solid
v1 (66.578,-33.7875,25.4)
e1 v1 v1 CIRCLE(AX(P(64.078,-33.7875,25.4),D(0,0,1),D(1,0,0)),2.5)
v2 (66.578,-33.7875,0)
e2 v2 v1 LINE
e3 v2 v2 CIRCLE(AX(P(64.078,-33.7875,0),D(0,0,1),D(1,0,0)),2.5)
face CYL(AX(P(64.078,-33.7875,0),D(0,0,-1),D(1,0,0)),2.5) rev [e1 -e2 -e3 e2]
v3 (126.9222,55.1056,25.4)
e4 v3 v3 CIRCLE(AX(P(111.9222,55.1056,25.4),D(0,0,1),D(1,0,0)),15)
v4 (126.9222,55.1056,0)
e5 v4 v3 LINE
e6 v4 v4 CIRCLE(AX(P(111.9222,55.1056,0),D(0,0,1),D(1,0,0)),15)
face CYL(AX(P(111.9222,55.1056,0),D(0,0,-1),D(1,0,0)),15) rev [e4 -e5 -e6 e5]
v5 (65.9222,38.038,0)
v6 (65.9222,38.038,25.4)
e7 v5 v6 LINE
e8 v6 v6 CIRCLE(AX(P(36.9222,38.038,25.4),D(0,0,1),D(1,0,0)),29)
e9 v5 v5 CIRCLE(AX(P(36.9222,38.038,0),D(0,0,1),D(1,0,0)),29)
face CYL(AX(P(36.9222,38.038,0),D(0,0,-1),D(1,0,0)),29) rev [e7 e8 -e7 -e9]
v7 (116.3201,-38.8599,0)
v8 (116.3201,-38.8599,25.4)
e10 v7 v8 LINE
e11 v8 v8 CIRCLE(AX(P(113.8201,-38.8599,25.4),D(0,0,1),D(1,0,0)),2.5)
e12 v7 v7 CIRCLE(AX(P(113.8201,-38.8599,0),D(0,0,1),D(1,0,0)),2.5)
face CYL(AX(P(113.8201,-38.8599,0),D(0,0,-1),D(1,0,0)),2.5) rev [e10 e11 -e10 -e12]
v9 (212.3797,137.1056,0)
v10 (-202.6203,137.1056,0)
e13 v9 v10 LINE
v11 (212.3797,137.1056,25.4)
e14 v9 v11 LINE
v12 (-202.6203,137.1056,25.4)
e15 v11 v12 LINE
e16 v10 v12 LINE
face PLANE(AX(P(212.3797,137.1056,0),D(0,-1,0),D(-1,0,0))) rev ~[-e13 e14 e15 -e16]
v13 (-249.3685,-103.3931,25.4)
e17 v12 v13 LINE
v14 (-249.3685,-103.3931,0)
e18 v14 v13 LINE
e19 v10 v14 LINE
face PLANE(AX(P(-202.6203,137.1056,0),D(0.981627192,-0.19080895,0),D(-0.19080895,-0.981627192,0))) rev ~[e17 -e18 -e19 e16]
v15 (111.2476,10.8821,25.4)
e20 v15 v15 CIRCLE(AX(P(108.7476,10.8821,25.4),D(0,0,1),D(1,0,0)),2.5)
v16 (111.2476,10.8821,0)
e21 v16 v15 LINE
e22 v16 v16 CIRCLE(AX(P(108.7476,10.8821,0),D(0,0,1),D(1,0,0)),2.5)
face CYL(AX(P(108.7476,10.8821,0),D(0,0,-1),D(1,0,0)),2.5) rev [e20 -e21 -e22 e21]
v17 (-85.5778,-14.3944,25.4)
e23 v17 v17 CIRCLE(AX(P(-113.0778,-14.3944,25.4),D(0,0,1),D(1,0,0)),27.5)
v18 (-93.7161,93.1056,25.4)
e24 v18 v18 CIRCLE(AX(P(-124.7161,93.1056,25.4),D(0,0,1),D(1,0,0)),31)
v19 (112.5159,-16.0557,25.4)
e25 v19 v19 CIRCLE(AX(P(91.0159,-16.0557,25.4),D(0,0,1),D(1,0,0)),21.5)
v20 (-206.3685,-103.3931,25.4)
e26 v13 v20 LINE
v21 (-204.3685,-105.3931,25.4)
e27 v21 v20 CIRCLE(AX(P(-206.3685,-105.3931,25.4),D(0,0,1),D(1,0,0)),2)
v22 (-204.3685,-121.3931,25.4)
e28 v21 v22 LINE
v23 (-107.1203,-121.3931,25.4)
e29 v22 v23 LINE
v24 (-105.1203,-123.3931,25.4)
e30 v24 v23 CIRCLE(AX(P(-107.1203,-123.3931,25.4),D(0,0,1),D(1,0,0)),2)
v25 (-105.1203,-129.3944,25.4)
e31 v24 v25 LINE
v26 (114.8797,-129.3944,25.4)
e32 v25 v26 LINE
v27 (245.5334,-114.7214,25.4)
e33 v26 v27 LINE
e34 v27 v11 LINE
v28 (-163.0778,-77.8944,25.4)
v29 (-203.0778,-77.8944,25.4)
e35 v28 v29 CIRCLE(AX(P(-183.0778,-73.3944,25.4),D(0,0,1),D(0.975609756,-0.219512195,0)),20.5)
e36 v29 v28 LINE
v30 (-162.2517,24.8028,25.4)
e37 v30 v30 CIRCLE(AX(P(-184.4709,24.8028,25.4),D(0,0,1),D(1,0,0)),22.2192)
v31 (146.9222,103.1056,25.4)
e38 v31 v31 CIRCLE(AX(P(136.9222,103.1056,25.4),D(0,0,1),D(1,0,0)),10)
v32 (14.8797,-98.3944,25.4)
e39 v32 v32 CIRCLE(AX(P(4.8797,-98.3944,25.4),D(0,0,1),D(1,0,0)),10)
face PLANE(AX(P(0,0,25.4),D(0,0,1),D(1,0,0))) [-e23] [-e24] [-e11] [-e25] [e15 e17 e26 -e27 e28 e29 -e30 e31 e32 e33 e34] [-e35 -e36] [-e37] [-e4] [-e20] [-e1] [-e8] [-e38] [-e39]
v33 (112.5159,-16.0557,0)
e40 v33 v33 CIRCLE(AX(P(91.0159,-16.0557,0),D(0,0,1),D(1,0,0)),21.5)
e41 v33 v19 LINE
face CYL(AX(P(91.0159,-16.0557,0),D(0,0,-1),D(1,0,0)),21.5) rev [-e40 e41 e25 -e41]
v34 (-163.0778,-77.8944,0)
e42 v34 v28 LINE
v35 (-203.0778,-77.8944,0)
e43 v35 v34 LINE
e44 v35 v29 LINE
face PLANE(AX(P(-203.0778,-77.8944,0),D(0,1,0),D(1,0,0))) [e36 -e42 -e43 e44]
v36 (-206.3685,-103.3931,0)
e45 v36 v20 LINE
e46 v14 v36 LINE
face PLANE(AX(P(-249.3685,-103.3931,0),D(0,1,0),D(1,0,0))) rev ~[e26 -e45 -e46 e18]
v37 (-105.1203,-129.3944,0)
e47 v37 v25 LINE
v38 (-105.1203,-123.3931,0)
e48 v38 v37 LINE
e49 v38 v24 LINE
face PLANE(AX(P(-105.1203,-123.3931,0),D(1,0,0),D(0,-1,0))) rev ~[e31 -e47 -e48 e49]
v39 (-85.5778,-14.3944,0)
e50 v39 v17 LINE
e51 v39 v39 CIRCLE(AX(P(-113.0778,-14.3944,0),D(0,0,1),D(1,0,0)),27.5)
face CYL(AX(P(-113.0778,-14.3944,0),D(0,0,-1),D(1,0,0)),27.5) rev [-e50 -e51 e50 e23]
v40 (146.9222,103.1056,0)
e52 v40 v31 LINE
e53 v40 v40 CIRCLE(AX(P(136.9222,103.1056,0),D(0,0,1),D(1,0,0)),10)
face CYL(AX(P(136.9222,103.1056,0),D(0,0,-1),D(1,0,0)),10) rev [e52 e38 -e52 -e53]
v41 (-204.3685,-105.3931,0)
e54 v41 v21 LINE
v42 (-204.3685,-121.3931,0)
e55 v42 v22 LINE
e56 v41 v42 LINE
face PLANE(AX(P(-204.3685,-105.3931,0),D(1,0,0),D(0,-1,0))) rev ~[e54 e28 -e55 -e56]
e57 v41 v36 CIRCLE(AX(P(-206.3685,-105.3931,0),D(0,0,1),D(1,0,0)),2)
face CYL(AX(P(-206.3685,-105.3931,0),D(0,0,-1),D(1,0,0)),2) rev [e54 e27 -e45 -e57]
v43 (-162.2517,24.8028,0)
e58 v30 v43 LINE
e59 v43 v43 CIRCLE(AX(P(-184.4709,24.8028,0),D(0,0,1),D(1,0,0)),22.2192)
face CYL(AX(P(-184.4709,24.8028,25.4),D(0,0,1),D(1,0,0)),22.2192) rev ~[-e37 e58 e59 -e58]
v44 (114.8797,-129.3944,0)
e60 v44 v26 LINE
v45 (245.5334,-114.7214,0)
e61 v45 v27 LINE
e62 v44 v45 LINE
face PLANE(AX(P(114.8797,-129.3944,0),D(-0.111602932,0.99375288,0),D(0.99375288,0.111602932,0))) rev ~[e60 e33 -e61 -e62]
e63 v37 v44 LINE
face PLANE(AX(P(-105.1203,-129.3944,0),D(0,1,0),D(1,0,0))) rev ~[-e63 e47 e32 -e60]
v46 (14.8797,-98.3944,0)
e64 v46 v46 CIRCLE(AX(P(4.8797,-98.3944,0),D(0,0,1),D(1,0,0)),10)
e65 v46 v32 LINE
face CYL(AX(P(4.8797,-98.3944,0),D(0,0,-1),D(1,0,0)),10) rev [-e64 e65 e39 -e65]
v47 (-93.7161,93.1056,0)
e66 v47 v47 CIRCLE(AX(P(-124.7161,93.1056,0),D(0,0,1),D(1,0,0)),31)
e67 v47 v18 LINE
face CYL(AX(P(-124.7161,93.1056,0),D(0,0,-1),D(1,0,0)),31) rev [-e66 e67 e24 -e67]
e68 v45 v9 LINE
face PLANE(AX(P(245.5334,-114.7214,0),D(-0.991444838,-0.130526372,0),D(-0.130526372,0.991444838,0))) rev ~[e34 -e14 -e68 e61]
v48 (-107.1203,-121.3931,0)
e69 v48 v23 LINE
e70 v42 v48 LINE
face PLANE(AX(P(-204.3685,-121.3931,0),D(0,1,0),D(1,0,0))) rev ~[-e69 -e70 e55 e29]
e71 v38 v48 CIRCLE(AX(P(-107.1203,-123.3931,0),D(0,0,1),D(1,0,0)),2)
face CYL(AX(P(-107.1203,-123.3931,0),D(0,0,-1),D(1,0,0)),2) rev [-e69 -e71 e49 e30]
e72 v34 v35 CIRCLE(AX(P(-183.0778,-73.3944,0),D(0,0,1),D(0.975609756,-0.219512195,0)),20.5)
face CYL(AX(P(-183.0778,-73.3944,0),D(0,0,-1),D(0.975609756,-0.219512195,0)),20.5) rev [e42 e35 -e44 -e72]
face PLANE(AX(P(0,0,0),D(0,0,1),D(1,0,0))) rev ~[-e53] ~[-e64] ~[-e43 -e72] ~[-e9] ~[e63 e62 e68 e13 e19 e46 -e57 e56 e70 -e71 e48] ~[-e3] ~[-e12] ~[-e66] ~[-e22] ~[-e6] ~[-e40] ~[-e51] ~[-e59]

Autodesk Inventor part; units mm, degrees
ref_plane "YZ Plane" through (0, 0, 0) normal (1, 0, 0) x (0, 1, 0)
ref_plane "XZ Plane" through (0, 0, 0) normal (0, 1, 0) x (-1, 0, 0)
ref_plane "XY Plane" through (0, 0, 0) normal (0, 0, 1) x (1, 0, 0)
ref_plane "Work Plane1" through (0, 0, 0) normal (0, 0, 1) x (1, 0, 0)
sketch "Sketch1" plane through (0, 0, 0) normal (0, 0, 1) x (1, 0, 0)
  circle A0 centre (64.078, -33.7875) radius 2.5 projected
  circle A1 centre (113.8201, -38.8599) radius 2.5 projected
  circle A2 centre (108.7476, 10.8821) radius 2.5 projected
  circle A3 centre (91.0159, -16.0557) radius 21.5 projected
  circle A4 centre (136.9222, 103.1056) radius 10 projected
  circle A5 centre (-113.0778, -14.3944) radius 27.5 projected
  circle A6 centre (-124.7161, 93.1056) radius 31 projected
  circle A7 centre (111.9222, 55.1056) radius 15 projected
  arc A8 (-163.0778, -77.8944) -> (-203.0778, -77.8944) centre (-183.0778, -73.3944) ccw projected
  line L0 (-203.0778, -77.8944) -> (-163.0778, -77.8944) projected
  circle A9 centre (4.8797, -98.3944) radius 10 projected
  circle A10 centre (36.9222, 38.038) radius 29 projected
  line L1 (-105.1203, -129.3944) -> (114.8797, -129.3944) projected
  line L2 (114.8797, -129.3944) -> (245.5334, -114.7214) projected
  line L3 (245.5334, -114.7214) -> (212.3797, 137.1056) projected
  line L4 (212.3797, 137.1056) -> (-202.6203, 137.1056) projected
  line L5 (-202.6203, 137.1056) -> (-249.3685, -103.3931) projected
  line L6 (-249.3685, -103.3931) -> (-206.3685, -103.3931) projected
  arc A11 (-204.3685, -105.3931) -> (-206.3685, -103.3931) centre (-206.3685, -105.3931) ccw projected
  line L7 (-204.3685, -105.3931) -> (-204.3685, -121.3931) projected
  line L8 (-204.3685, -121.3931) -> (-107.1203, -121.3931) projected
  arc A12 (-105.1203, -123.3931) -> (-107.1203, -121.3931) centre (-107.1203, -123.3931) ccw projected
  line L9 (-105.1203, -123.3931) -> (-105.1203, -129.3944) projected
  point P0 (0, 0)
extrude "Extrusion1" add sketch "Sketch1" along normal blind 25.4
sketch "Sketch2" plane through (0, 0, 25.4) normal (0, 0, 1) x (1, 0, 0)
  circle A0 centre (-184.4709, 24.8028) radius 22.2192
  point P0 (0, 0)
  dimension "Hole" = 44.4384
extrude "Extrusion2" cut sketch "Sketch2" against normal through all
properties part number "Part11.ipt-01"
